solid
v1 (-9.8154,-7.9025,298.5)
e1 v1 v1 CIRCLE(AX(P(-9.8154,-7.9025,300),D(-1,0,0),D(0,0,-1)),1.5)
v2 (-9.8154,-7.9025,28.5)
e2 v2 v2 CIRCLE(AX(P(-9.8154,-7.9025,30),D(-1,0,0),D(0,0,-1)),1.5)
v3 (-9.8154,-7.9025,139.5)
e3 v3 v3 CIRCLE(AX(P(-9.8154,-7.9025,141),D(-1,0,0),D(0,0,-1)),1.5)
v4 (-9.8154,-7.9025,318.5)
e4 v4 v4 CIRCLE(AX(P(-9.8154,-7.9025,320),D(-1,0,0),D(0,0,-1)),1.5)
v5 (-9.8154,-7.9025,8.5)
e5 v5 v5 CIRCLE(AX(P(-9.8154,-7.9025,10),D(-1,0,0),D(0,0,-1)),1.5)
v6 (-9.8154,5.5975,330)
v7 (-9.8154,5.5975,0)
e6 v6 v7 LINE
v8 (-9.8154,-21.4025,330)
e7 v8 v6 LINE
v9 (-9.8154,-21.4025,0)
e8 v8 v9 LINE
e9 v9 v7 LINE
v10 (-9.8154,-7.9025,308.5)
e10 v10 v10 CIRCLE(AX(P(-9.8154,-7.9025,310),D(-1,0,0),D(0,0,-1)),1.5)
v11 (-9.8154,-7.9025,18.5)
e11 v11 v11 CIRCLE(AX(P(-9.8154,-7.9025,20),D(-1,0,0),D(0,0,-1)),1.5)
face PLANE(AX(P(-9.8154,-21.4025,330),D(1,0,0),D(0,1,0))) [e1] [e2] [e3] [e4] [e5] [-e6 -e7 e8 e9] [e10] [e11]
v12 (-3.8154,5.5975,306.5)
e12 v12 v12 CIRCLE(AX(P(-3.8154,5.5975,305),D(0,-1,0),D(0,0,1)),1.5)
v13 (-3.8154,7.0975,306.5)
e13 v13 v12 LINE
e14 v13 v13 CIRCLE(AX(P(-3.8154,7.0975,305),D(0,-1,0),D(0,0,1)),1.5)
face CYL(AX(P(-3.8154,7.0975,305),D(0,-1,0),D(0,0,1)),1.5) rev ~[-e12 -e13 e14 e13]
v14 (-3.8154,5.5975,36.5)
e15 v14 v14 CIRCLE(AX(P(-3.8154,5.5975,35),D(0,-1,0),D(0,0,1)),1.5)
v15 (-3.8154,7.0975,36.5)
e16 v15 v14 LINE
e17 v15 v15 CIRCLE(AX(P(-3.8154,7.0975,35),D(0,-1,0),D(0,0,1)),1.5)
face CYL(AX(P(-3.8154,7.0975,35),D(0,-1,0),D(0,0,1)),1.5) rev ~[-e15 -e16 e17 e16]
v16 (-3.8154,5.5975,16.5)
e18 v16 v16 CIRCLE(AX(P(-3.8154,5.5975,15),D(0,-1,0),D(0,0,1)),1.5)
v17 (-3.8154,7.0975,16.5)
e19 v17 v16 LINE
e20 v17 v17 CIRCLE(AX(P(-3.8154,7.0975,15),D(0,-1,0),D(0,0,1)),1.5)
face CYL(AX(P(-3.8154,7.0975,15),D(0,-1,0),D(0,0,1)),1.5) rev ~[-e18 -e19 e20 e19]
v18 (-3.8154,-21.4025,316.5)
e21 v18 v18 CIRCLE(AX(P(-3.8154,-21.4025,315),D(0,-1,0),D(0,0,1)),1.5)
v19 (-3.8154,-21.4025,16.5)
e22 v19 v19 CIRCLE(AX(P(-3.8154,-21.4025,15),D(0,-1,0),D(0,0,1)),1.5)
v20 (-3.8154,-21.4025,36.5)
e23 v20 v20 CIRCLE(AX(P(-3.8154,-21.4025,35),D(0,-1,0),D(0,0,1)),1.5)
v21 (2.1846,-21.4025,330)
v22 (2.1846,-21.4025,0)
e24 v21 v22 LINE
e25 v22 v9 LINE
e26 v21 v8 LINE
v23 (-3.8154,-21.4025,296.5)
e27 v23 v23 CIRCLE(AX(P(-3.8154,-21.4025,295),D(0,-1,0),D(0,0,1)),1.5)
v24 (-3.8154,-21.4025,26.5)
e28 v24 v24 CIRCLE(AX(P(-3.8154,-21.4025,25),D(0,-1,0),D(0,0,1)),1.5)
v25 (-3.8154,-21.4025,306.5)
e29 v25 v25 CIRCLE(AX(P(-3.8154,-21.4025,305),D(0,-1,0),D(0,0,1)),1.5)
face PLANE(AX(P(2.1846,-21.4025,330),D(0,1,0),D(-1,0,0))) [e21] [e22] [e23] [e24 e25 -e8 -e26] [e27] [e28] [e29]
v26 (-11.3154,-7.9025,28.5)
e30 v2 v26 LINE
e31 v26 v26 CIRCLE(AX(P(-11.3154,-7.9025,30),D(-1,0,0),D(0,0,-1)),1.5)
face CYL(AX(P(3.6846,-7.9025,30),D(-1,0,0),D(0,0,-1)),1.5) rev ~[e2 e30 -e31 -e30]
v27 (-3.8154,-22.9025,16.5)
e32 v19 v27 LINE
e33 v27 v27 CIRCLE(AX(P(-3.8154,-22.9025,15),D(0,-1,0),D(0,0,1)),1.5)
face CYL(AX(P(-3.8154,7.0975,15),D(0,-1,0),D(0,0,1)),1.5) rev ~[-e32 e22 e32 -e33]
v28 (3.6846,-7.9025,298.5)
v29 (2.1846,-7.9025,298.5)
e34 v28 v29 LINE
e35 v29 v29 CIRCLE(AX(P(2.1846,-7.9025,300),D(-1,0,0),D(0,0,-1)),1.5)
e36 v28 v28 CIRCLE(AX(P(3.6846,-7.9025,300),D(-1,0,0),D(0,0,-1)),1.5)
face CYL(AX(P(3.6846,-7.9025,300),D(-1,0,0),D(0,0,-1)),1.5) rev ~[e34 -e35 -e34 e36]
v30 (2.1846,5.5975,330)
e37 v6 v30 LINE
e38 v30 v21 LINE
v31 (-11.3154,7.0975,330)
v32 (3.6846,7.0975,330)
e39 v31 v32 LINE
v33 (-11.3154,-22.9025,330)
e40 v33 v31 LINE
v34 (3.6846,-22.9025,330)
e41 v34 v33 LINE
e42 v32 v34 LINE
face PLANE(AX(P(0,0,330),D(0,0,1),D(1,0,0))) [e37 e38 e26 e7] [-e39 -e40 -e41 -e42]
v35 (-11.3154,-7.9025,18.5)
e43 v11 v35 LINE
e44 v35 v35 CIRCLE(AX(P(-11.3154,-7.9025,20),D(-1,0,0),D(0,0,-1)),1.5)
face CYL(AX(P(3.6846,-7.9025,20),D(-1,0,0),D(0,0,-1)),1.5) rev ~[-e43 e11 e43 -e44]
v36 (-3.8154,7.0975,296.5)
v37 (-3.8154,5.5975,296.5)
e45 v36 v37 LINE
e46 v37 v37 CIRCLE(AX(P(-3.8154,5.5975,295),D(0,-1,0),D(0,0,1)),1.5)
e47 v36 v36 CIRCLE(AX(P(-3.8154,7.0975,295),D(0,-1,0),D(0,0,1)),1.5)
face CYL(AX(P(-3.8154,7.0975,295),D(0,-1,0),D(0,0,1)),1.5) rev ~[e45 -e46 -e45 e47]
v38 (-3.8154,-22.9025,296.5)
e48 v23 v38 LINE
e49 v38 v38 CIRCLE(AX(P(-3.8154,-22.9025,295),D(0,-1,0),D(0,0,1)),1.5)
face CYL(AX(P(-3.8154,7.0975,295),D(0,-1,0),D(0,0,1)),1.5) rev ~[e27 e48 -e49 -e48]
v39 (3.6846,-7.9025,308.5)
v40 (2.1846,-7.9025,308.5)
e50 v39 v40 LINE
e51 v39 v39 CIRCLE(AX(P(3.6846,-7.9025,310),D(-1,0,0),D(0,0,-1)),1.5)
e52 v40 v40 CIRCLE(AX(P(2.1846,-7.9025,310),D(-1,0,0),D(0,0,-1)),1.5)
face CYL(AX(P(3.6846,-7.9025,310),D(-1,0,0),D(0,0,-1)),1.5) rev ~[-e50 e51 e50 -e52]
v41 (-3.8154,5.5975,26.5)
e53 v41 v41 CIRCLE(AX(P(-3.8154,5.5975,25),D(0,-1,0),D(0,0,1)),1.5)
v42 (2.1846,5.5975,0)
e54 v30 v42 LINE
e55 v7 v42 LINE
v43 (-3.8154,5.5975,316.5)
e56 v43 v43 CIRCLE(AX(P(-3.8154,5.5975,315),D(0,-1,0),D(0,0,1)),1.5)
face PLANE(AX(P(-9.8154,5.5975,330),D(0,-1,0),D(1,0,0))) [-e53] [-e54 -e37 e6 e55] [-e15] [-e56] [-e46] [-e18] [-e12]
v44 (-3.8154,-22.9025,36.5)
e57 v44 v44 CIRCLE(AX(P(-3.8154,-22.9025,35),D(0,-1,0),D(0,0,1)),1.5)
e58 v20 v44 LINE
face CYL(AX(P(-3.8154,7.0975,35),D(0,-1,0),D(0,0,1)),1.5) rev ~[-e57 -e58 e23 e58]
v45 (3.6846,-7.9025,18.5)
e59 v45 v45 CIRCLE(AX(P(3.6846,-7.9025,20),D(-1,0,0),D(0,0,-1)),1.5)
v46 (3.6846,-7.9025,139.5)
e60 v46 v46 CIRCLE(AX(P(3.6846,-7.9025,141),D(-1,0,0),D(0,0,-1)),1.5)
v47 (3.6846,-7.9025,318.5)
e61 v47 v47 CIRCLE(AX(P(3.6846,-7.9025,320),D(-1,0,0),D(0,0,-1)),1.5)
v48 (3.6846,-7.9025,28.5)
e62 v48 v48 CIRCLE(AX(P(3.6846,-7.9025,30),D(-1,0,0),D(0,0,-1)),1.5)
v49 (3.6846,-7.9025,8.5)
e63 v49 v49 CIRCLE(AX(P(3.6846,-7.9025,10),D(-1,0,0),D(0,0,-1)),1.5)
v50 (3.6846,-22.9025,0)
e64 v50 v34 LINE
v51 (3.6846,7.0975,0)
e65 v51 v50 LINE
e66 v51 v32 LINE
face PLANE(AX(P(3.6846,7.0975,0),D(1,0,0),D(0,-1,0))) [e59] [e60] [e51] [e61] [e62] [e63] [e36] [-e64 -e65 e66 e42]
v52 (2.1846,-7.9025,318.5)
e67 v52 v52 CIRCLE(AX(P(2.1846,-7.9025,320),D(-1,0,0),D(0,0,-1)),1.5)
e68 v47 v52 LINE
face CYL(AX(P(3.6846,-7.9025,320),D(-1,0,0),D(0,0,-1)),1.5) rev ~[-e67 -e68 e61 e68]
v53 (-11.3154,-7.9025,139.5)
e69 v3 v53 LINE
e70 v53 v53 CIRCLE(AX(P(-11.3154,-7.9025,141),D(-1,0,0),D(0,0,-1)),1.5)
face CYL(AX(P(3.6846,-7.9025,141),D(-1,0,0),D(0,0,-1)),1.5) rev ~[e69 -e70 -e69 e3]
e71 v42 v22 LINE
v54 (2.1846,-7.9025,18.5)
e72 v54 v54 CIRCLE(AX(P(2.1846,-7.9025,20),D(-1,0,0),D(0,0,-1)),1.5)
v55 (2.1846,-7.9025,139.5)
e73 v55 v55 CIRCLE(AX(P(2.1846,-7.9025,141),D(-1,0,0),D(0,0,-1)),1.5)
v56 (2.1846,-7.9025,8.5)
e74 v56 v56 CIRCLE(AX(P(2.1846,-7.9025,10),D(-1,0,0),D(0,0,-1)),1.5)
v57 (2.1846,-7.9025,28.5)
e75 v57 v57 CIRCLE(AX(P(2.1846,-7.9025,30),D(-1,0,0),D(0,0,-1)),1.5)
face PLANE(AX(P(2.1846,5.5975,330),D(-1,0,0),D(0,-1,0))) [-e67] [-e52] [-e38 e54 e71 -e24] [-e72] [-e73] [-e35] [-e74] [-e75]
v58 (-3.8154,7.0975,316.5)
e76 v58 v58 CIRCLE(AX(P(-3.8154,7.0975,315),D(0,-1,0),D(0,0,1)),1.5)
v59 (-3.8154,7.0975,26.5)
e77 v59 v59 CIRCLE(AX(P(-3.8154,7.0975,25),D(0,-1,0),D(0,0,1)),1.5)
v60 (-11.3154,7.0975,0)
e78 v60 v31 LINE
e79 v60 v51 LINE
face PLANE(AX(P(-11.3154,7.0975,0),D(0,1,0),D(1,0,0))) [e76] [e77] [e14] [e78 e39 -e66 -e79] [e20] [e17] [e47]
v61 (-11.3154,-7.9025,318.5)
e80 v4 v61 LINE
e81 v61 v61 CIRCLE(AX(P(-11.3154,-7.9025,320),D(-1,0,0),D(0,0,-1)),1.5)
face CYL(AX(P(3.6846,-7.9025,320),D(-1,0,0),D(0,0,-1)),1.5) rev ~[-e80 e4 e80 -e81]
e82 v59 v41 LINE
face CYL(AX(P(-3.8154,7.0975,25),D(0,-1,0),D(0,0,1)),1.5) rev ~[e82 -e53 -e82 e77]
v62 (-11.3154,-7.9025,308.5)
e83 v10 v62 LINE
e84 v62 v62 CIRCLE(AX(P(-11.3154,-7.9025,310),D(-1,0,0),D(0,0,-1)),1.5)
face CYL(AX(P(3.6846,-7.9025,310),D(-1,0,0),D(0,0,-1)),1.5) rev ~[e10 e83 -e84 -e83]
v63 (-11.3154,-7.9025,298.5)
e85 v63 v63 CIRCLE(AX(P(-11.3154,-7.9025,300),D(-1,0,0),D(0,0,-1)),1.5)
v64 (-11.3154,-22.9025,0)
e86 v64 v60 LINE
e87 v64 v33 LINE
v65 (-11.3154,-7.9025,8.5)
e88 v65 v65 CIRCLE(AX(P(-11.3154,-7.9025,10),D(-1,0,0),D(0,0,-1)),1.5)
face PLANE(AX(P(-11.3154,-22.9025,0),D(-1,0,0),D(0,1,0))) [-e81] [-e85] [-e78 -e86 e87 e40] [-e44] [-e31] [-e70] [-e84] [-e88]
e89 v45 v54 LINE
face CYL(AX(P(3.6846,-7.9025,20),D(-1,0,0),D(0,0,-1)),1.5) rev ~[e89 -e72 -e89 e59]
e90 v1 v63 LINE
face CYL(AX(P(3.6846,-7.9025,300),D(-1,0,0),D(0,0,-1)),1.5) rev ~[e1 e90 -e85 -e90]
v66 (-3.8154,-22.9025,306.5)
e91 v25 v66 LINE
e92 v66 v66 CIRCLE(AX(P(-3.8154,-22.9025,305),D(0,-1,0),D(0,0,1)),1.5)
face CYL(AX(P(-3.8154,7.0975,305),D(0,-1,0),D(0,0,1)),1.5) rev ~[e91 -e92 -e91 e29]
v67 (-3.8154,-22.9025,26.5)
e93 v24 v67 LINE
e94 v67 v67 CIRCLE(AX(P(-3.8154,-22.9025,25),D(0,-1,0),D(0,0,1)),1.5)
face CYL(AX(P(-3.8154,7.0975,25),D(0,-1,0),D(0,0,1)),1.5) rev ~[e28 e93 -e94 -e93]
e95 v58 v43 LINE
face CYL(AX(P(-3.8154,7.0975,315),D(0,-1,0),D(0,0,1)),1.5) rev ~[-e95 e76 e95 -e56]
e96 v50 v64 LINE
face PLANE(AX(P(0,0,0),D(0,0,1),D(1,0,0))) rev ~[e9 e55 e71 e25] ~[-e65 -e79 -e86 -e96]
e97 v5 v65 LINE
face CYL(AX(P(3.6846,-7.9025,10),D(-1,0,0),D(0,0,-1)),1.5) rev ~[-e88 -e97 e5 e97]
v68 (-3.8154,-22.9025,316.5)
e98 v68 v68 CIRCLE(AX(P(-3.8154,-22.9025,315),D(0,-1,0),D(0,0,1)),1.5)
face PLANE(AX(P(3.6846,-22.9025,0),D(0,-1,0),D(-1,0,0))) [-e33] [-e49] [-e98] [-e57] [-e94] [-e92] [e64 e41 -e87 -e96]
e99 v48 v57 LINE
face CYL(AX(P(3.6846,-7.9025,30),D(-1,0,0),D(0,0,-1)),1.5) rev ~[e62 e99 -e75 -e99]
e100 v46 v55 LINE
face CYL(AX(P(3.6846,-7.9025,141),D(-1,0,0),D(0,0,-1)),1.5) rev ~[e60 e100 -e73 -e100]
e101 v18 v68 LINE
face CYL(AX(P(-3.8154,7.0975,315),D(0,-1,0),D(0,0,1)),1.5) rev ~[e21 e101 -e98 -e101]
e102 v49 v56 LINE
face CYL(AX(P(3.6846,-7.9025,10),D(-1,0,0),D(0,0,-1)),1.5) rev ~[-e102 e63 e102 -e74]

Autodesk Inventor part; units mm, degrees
ref_plane "YZ Plane" through (0, 0, 0) normal (1, 0, 0) x (0, 1, 0)
ref_plane "XZ Plane" through (0, 0, 0) normal (0, 1, 0) x (-1, 0, 0)
ref_plane "XY Plane" through (0, 0, 0) normal (0, 0, 1) x (1, 0, 0)
sketch "スケッチ1" plane through (0, 0, 0) normal (0, 0, 1) x (1, 0, 0)
  line L0 (-11.3154, 7.0975) -> (3.6846, 7.0975)
  line L1 (3.6846, 7.0975) -> (3.6846, -22.9025)
  line L2 (3.6846, -22.9025) -> (-11.3154, -22.9025)
  line L3 (-11.3154, -22.9025) -> (-11.3154, 7.0975)
  point P0 (0, 0)
  dimension "d0" = 15
  dimension "d1" = 30
extrude "押し出し1" add sketch "スケッチ1" along normal blind 330
sketch "スケッチ2" plane through (3.6846, -22.9025, 0) normal (1, 0, 0) x (0, 0, -1)
  circle A0 centre (-320, 15) radius 1.5
  line L0 (0, 30) -> (-330, 30) projected
  line L1 (-330, 0) -> (-330, 30) projected
  circle A1 centre (-310, 15) radius 1.5
  circle A2 centre (-300, 15) radius 1.5
  circle A3 centre (-30, 15) radius 1.5
  circle A4 centre (-20, 15) radius 1.5
  circle A5 centre (-10, 15) radius 1.5
  line L2 (0, 30) -> (0, 0) projected
  point P0 (0, 22.9025)
  dimension "d4" = 3
  dimension "d5" = 15
  dimension "d6" = 10
  dimension "d7" = 3
  dimension "d8" = 3
  dimension "d9" = 3
  dimension "d10" = 3
  dimension "d11" = 3
  dimension "d12" = 10
  dimension "d13" = 10
  dimension "d14" = 10
  dimension "d15" = 10
  dimension "d16" = 10
hole "穴1" at (3.6846, -7.9025, 320) at (3.6846, -7.9025, 310) at (3.6846, -7.9025, 300) at (3.6846, -7.9025, 10) at (3.6846, -7.9025, 20) at (3.6846, -7.9025, 30) direction (-1, 0, 0) diameter 3 depth 15
sketch "スケッチ3" plane through (-11.3154, 7.0975, 0) normal (0, 1, 0) x (1, 0, 0)
  circle A0 centre (7.5, -15) radius 1.5
  line L0 (0, 0) -> (15, 0) projected
  circle A1 centre (7.5, -25) radius 1.5
  circle A2 centre (7.5, -35) radius 1.5
  circle A3 centre (7.5, -315) radius 1.5
  line L1 (15, -330) -> (0, -330) projected
  circle A4 centre (7.5, -305) radius 1.5
  circle A5 centre (7.5, -295) radius 1.5
  point P0 (11.3154, 0)
  dimension "d24" = 3
  dimension "d25" = 15
  dimension "d26" = 3
  dimension "d27" = 3
  dimension "d28" = 3
  dimension "d29" = 15
  dimension "d30" = 3
  dimension "d31" = 3
  dimension "d32" = 10
  dimension "d33" = 10
  dimension "d34" = 10
  dimension "d35" = 10
hole "穴2" at (-3.8154, 7.0975, 295) at (-3.8154, 7.0975, 305) at (-3.8154, 7.0975, 315) at (-3.8154, 7.0975, 15) at (-3.8154, 7.0975, 25) at (-3.8154, 7.0975, 35) direction (0, -1, 0) diameter 3 depth 30
sketch "スケッチ4" plane through (0, 0, 330) normal (0, 0, 1) x (1, 0, 0)
  line L0 (-9.8154, 5.5975) -> (2.1846, 5.5975)
  line L1 (2.1846, 5.5975) -> (2.1846, -21.4025)
  line L2 (2.1846, -21.4025) -> (-9.8154, -21.4025)
  line L3 (-9.8154, -21.4025) -> (-9.8154, 5.5975)
  line L4 (3.6846, 7.0975) -> (-11.3154, 7.0975) projected
  line L5 (-11.3154, 7.0975) -> (-11.3154, -22.9025) projected
  point P0 (0, 0)
  dimension "d43" = 12
  dimension "d44" = 27
  dimension "d45" = 1.5
  dimension "d46" = 1.5
extrude "押し出し2" cut sketch "スケッチ4" against normal blind 330
sketch "スケッチ5" plane through (3.6846, -22.9025, 0) normal (1, 0, 0) x (0, 0, -1)
  circle A0 centre (-141, 15) radius 1.5
  line L0 (0, 30) -> (-330, 30) projected
  line L1 (0, 30) -> (0, 0) projected
  point P0 (0, 22.9025)
  dimension "d49" = 3
  dimension "d50" = 15
  dimension "d51" = 141
hole "穴3" at (3.6846, -7.9025, 141) direction (-1, 0, 0) diameter 3 depth 15
equation "\"BendRadius\" = Thickness"
equation "\"BendReliefWidth\" = Thickness"
equation "\"BendReliefDepth\" = 0.5 * Thickness"
equation "\"CornerReliefSize\" = 4 * Thickness"
equation "\"MinimumRemnant\" = 2 * Thickness"
equation "\"TransitionRadius\" = BendRadius"
equation "\"JacobiRadiusSize\" = BendRadius"
equation "\"GapSize\" = Thickness"
equation "\"Thickness\" = 0.5"
properties part number "nhk17" material "アルミニウム 6061"
